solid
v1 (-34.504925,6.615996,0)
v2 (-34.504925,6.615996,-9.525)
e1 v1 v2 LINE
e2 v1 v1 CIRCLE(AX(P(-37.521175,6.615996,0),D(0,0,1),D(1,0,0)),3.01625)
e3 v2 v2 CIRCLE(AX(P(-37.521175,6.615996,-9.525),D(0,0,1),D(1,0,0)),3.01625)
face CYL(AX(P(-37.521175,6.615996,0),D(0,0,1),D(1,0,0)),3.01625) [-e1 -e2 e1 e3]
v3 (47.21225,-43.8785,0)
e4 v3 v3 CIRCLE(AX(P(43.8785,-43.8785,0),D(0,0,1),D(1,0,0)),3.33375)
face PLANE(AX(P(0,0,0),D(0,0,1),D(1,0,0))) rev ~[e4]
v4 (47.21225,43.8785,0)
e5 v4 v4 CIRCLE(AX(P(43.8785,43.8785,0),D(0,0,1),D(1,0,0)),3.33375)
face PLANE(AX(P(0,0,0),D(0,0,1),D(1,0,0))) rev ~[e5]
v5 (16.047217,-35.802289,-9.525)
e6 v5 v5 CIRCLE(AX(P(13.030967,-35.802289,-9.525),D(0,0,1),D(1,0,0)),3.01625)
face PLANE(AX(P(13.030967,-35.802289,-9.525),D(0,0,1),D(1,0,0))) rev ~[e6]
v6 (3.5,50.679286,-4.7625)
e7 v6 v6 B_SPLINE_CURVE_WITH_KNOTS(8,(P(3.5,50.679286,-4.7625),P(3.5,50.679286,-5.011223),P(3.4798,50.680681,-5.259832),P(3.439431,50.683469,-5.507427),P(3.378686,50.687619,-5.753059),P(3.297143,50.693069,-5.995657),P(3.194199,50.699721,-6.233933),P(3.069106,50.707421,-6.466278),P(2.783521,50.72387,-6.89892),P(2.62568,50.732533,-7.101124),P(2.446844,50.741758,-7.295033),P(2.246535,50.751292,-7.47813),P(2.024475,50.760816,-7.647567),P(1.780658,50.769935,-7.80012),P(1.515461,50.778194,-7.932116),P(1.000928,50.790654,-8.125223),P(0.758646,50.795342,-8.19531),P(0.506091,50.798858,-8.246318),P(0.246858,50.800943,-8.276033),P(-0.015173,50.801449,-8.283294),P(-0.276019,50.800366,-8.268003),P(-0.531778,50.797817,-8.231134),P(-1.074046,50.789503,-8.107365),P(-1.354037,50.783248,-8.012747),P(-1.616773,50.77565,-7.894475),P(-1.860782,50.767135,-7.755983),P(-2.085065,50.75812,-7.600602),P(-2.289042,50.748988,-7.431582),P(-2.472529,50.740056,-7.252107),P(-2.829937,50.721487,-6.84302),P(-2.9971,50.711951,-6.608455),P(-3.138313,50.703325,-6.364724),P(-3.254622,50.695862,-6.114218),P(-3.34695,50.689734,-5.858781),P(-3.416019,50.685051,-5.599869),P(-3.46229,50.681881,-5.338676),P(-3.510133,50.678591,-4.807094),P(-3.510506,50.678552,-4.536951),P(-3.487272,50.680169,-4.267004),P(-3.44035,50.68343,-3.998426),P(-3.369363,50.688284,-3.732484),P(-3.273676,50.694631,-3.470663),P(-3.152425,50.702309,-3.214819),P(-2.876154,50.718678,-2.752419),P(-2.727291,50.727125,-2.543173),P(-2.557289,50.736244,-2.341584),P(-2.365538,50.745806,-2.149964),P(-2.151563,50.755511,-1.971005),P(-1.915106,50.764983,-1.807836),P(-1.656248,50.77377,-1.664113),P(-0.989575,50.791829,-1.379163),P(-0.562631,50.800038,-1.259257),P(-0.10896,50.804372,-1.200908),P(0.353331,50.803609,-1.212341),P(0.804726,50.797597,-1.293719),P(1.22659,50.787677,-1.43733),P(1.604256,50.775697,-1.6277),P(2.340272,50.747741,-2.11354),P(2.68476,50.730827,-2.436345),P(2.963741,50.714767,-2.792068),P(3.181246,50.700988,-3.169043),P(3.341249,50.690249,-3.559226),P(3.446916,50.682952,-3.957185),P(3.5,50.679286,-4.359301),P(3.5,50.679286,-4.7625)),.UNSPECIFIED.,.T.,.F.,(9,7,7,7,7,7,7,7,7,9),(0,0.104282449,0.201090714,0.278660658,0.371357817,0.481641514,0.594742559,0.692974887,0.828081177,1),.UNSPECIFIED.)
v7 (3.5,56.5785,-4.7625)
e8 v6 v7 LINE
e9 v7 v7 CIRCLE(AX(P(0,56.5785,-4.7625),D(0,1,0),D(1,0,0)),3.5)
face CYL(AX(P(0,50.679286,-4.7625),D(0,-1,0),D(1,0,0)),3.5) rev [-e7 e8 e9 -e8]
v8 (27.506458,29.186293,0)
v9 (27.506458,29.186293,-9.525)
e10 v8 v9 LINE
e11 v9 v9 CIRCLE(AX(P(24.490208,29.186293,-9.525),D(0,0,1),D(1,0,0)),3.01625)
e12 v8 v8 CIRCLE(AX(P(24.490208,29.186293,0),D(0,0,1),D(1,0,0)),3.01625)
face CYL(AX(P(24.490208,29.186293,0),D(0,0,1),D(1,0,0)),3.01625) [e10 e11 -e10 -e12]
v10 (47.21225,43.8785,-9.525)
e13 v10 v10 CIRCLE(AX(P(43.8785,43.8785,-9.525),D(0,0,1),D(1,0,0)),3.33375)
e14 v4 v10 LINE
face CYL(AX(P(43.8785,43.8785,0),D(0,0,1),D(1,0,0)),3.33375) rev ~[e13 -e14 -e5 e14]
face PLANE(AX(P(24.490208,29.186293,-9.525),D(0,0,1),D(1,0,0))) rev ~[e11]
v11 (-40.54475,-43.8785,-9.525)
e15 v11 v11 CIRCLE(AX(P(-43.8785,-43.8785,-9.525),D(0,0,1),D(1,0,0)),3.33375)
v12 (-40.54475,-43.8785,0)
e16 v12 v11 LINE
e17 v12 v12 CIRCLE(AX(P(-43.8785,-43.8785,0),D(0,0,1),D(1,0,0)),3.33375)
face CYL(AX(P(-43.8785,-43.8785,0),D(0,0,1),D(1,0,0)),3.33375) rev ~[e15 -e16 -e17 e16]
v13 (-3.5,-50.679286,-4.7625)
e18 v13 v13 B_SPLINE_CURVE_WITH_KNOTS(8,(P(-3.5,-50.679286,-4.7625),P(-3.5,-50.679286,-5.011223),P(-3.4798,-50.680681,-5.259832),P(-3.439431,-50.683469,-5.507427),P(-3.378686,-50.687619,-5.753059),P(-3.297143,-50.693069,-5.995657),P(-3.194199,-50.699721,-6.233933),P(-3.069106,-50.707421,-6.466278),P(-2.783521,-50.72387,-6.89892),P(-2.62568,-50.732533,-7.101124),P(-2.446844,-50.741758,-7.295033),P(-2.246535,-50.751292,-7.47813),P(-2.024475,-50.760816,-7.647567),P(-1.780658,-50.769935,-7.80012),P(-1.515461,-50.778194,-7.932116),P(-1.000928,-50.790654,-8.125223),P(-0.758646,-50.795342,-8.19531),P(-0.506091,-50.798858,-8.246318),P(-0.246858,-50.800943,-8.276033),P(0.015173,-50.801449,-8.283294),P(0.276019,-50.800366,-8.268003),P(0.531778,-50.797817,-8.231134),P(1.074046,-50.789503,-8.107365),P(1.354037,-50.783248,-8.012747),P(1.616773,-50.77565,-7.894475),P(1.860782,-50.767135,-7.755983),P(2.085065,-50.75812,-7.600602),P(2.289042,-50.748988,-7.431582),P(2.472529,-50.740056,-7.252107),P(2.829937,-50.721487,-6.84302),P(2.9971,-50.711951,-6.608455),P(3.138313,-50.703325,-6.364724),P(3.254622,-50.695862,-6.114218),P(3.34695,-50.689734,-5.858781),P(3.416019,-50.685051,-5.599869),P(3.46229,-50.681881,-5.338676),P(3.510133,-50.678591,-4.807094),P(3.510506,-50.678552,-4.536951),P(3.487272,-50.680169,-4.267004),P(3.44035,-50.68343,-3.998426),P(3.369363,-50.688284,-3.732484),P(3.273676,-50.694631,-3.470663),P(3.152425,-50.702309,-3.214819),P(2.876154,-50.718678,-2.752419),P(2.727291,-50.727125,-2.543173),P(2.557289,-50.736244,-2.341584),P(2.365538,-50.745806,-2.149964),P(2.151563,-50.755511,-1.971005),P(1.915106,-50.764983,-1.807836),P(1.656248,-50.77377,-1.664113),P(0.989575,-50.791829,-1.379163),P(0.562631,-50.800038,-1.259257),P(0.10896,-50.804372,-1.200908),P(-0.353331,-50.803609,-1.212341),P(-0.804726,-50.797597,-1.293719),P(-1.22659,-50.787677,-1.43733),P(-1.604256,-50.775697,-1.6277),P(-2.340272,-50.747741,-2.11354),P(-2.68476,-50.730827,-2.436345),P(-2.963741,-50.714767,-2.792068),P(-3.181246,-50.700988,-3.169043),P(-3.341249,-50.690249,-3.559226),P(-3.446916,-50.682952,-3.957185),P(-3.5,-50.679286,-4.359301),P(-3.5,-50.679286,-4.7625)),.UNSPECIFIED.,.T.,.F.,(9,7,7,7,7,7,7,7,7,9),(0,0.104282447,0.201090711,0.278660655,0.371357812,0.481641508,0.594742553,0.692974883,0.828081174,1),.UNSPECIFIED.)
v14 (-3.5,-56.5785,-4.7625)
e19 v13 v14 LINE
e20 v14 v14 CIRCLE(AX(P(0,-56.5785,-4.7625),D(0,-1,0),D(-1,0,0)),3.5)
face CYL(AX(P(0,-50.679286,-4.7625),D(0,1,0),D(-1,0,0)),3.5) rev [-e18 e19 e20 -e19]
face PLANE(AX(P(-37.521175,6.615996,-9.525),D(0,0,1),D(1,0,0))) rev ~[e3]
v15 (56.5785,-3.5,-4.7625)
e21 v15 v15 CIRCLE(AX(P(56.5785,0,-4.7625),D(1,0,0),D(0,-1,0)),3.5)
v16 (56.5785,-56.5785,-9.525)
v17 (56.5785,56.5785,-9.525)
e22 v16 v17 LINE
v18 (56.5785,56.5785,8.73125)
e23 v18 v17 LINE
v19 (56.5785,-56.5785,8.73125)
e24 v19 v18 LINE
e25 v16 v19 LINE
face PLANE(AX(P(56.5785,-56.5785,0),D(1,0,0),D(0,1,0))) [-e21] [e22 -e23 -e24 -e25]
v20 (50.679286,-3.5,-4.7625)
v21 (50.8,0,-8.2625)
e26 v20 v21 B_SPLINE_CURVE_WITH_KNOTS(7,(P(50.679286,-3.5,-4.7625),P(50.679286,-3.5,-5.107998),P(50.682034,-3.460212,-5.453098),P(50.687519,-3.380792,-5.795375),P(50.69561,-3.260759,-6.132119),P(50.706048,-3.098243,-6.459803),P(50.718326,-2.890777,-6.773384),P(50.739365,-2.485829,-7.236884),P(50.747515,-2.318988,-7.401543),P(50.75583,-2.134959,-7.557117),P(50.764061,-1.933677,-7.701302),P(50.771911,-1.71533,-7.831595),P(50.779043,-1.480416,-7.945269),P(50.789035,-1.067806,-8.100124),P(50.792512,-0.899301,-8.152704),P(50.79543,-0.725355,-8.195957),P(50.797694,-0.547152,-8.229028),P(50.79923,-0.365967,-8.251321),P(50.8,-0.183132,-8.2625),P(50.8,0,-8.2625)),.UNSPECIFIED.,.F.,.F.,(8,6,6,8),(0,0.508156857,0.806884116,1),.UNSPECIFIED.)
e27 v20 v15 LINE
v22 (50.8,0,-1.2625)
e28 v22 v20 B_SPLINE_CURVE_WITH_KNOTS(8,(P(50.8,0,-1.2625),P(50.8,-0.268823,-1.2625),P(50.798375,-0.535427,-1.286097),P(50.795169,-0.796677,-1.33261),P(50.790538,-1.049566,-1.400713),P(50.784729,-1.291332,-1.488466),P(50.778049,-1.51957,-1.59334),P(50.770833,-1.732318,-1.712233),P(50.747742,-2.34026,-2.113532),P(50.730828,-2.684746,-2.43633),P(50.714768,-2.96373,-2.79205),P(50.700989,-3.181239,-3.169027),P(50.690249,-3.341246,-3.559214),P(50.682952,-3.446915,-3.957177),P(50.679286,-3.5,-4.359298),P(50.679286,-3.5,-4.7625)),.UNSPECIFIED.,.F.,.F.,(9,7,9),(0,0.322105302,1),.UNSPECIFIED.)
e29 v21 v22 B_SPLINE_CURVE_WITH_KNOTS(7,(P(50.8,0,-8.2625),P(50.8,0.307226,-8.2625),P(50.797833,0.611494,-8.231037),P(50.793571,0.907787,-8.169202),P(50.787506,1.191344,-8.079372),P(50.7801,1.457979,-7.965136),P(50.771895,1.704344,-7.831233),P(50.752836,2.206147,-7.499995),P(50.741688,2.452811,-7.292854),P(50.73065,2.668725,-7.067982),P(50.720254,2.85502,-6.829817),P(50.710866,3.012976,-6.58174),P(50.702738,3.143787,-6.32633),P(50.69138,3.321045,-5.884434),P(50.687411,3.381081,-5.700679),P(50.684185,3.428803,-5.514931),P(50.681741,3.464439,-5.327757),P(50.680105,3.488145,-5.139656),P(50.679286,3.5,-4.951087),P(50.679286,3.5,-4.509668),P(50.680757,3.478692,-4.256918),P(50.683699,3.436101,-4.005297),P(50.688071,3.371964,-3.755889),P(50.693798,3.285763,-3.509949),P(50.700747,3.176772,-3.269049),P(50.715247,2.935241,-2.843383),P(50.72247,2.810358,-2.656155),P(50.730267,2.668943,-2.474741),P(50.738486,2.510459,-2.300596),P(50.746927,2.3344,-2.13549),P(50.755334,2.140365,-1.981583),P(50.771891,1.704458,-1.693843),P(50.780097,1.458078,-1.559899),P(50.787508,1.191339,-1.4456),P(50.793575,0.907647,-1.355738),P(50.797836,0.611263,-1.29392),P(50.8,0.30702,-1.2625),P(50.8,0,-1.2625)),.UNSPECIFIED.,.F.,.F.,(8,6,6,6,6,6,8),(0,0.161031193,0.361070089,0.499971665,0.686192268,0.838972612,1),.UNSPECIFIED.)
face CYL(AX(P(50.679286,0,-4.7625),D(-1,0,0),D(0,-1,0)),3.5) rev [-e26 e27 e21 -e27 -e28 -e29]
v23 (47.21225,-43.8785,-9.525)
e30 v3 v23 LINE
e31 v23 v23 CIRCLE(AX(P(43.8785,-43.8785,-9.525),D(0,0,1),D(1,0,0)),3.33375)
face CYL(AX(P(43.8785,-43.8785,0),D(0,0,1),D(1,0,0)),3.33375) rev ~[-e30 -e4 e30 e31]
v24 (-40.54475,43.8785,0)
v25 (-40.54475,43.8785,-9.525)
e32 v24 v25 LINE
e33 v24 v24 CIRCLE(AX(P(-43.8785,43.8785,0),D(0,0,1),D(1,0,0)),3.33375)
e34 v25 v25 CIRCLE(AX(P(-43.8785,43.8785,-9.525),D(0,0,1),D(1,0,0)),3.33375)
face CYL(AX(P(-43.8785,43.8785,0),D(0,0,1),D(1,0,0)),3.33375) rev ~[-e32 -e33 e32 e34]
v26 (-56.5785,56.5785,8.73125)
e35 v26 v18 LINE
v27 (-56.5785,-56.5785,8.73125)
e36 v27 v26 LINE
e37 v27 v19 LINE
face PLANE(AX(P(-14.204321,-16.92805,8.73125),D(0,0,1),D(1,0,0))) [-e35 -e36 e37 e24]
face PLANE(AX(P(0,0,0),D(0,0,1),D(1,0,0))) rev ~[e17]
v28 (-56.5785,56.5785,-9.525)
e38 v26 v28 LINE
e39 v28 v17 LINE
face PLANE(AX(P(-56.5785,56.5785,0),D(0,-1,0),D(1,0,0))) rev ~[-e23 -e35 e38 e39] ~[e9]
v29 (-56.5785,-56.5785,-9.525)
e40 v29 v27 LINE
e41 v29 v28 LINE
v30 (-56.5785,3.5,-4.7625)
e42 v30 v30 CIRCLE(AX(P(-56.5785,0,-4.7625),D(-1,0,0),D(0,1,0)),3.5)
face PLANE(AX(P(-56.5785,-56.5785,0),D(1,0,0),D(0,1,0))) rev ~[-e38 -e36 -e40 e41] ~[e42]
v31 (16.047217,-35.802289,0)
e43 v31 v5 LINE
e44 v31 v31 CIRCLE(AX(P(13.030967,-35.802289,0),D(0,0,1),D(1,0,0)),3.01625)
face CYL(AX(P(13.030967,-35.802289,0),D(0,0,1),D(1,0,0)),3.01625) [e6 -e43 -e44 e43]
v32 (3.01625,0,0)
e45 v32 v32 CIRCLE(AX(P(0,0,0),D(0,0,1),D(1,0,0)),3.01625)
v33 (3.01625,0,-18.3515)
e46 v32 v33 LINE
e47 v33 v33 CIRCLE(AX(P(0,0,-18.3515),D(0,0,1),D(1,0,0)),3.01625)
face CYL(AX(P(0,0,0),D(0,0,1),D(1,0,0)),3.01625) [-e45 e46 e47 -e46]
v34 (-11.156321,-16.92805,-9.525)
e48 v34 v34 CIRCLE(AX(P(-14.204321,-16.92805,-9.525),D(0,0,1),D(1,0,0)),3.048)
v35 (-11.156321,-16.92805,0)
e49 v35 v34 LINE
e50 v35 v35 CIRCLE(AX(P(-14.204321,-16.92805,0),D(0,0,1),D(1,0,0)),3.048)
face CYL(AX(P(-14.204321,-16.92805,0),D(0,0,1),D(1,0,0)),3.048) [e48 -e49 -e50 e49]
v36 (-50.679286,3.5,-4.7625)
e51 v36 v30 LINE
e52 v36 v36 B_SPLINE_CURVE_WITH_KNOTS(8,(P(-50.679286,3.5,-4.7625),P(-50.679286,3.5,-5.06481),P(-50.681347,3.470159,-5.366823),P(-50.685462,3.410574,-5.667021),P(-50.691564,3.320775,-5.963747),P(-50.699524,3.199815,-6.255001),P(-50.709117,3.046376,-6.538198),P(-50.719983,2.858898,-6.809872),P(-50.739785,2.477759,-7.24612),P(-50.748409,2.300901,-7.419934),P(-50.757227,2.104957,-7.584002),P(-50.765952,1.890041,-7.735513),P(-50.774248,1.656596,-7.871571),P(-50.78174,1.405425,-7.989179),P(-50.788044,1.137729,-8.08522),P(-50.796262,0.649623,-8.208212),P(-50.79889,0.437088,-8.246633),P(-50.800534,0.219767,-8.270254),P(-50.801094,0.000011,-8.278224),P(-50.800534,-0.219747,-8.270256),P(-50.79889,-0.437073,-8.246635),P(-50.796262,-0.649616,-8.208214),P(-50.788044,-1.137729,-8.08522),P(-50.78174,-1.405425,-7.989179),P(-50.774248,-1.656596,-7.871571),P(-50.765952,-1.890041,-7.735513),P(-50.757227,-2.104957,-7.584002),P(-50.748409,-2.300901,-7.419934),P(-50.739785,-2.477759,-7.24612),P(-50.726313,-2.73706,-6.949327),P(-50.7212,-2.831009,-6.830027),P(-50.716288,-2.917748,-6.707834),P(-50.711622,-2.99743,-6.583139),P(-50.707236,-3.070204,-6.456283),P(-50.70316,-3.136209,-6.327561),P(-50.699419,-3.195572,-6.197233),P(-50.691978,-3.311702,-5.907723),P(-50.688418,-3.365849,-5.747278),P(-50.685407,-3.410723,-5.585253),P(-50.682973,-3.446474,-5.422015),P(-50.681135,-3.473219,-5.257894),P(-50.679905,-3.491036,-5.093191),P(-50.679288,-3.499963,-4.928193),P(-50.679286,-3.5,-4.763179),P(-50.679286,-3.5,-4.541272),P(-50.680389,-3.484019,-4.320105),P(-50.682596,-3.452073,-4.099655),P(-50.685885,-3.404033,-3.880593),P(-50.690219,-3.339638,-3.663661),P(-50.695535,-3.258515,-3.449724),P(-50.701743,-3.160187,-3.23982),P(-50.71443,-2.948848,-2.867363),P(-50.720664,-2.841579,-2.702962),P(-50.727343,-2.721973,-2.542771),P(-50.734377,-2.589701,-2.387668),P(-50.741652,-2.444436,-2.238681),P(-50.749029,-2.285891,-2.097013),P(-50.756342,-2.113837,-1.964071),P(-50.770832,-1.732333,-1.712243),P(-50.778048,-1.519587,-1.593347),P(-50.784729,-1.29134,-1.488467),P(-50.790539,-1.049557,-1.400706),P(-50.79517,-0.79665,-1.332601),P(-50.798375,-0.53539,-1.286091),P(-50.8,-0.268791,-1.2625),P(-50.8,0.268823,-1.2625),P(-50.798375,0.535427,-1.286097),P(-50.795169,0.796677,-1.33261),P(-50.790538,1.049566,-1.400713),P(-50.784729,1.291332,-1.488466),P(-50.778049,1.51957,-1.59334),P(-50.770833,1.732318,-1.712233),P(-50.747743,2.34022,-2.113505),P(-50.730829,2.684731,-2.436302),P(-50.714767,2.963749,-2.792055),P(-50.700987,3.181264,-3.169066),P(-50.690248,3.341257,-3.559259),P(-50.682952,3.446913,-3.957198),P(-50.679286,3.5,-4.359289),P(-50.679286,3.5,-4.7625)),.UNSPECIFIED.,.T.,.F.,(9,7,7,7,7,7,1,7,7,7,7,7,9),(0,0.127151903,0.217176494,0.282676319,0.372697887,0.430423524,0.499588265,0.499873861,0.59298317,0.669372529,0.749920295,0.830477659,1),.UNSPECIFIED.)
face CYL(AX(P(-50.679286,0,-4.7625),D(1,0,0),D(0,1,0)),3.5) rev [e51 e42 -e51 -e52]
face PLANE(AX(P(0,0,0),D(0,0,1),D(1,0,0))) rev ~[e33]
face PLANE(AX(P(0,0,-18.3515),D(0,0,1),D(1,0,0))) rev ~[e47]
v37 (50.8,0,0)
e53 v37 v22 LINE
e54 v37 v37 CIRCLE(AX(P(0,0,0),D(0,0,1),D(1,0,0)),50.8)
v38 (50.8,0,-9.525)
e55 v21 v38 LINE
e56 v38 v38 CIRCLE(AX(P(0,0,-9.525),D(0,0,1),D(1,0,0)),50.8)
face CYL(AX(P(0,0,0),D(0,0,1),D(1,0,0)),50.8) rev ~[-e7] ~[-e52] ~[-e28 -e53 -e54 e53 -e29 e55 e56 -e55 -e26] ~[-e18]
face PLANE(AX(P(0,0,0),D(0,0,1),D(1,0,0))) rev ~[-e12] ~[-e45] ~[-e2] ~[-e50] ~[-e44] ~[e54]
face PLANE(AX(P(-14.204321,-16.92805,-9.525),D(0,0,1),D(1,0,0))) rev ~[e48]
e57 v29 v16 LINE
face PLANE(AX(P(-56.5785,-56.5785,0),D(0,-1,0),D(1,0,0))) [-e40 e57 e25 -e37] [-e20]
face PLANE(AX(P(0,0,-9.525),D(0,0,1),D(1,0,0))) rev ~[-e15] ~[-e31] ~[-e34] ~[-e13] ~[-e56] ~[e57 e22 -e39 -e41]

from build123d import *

# Parameters (mm, degrees)
SKETCH1_W           = 113.157
SKETCH1_H           = 113.157
SKETCH1_R           = 3.048
BOSS_EXTRUDE1_DEPTH = 8.73125
SKETCH1_3_W         = 113.157
SKETCH1_3_H         = 113.157
SKETCH1_3_R         = 3.33375
SKETCH1_3_R_2       = 50.8
SKETCH1_3_R_3       = 3.01625
SKETCH1_3_R_4       = 3.048
BOSS_EXTRUDE2_DEPTH = 9.525
SKETCH1_4_R         = 3.01625
BOSS_EXTRUDE3_DEPTH = 18.3515
CUT_EXTRUDE1_START  = -5.899214
SKETCH2_R           = 3.5
CUT_EXTRUDE1_DEPTH  = 5.899214
CIRPATTERN1_COUNT   = 4
SKETCH5_R           = 3.047999999
BOSS_EXTRUDE4_DEPTH = 9.525


with BuildPart() as part:
    # Sketch1 → Boss-Extrude1 (new body)
    with BuildSketch(Plane.XY):
        Rectangle(SKETCH1_W, SKETCH1_H)
        with Locations((-14.204320599, -16.928050104)):
            Circle(SKETCH1_R, mode=Mode.SUBTRACT)
    extrude(amount=BOSS_EXTRUDE1_DEPTH)

    # Sketch1<3> → Boss-Extrude2 (add)
    with BuildSketch(Plane.XY):
        Rectangle(SKETCH1_3_W, SKETCH1_3_H)
        with Locations((-43.8785, -43.8785)):
            Circle(SKETCH1_3_R, mode=Mode.SUBTRACT)
        with Locations((43.8785, -43.8785)):
            Circle(SKETCH1_3_R, mode=Mode.SUBTRACT)
        with Locations((43.8785, 43.8785)):
            Circle(SKETCH1_3_R, mode=Mode.SUBTRACT)
        with Locations((-43.8785, 43.8785)):
            Circle(SKETCH1_3_R, mode=Mode.SUBTRACT)
        Circle(SKETCH1_3_R_2, mode=Mode.SUBTRACT)
        with Locations((24.490207929, 29.186293283)):
            Circle(SKETCH1_3_R_3)
        with Locations((13.030967461, -35.802288852)):
            Circle(SKETCH1_3_R_3)
        Circle(SKETCH1_3_R_3)
        with Locations((-37.52117539, 6.615995569)):
            Circle(SKETCH1_3_R_3)
        with Locations((-14.204320599, -16.928050104)):
            Circle(SKETCH1_3_R_4)
    extrude(amount=-BOSS_EXTRUDE2_DEPTH)

    # Sketch1<4> → Boss-Extrude3 (add)
    with BuildSketch(Plane.XY):
        Circle(SKETCH1_4_R)
    extrude(amount=-BOSS_EXTRUDE3_DEPTH)

    # Sketch2 → Cut-Extrude1 (cut)
    with BuildSketch(Plane(origin=(0, 56.5785, 0), x_dir=(1, 0, 0), z_dir=(0, 1, 0)).offset(CUT_EXTRUDE1_START)):
        with Locations((0, 4.7625)):
            Circle(SKETCH2_R)
    cut_extrude1 = extrude(amount=CUT_EXTRUDE1_DEPTH, mode=Mode.SUBTRACT)

    # CirPattern1: Cut-Extrude1 ×4 about axis
    cirpattern1_axis = Axis((0, 0, -9.525), (0, 0, 1))
    for i in range(1, CIRPATTERN1_COUNT):
        add(cut_extrude1.rotate(cirpattern1_axis, i * 360 / CIRPATTERN1_COUNT), mode=Mode.SUBTRACT)

    # Sketch5 → Boss-Extrude4 (add)
    with BuildSketch(Plane.XY.offset(8.73125)):
        with Locations((-14.204320599, -16.928050104)):
            Circle(SKETCH5_R)
    extrude(amount=-BOSS_EXTRUDE4_DEPTH)


solid = part.part
